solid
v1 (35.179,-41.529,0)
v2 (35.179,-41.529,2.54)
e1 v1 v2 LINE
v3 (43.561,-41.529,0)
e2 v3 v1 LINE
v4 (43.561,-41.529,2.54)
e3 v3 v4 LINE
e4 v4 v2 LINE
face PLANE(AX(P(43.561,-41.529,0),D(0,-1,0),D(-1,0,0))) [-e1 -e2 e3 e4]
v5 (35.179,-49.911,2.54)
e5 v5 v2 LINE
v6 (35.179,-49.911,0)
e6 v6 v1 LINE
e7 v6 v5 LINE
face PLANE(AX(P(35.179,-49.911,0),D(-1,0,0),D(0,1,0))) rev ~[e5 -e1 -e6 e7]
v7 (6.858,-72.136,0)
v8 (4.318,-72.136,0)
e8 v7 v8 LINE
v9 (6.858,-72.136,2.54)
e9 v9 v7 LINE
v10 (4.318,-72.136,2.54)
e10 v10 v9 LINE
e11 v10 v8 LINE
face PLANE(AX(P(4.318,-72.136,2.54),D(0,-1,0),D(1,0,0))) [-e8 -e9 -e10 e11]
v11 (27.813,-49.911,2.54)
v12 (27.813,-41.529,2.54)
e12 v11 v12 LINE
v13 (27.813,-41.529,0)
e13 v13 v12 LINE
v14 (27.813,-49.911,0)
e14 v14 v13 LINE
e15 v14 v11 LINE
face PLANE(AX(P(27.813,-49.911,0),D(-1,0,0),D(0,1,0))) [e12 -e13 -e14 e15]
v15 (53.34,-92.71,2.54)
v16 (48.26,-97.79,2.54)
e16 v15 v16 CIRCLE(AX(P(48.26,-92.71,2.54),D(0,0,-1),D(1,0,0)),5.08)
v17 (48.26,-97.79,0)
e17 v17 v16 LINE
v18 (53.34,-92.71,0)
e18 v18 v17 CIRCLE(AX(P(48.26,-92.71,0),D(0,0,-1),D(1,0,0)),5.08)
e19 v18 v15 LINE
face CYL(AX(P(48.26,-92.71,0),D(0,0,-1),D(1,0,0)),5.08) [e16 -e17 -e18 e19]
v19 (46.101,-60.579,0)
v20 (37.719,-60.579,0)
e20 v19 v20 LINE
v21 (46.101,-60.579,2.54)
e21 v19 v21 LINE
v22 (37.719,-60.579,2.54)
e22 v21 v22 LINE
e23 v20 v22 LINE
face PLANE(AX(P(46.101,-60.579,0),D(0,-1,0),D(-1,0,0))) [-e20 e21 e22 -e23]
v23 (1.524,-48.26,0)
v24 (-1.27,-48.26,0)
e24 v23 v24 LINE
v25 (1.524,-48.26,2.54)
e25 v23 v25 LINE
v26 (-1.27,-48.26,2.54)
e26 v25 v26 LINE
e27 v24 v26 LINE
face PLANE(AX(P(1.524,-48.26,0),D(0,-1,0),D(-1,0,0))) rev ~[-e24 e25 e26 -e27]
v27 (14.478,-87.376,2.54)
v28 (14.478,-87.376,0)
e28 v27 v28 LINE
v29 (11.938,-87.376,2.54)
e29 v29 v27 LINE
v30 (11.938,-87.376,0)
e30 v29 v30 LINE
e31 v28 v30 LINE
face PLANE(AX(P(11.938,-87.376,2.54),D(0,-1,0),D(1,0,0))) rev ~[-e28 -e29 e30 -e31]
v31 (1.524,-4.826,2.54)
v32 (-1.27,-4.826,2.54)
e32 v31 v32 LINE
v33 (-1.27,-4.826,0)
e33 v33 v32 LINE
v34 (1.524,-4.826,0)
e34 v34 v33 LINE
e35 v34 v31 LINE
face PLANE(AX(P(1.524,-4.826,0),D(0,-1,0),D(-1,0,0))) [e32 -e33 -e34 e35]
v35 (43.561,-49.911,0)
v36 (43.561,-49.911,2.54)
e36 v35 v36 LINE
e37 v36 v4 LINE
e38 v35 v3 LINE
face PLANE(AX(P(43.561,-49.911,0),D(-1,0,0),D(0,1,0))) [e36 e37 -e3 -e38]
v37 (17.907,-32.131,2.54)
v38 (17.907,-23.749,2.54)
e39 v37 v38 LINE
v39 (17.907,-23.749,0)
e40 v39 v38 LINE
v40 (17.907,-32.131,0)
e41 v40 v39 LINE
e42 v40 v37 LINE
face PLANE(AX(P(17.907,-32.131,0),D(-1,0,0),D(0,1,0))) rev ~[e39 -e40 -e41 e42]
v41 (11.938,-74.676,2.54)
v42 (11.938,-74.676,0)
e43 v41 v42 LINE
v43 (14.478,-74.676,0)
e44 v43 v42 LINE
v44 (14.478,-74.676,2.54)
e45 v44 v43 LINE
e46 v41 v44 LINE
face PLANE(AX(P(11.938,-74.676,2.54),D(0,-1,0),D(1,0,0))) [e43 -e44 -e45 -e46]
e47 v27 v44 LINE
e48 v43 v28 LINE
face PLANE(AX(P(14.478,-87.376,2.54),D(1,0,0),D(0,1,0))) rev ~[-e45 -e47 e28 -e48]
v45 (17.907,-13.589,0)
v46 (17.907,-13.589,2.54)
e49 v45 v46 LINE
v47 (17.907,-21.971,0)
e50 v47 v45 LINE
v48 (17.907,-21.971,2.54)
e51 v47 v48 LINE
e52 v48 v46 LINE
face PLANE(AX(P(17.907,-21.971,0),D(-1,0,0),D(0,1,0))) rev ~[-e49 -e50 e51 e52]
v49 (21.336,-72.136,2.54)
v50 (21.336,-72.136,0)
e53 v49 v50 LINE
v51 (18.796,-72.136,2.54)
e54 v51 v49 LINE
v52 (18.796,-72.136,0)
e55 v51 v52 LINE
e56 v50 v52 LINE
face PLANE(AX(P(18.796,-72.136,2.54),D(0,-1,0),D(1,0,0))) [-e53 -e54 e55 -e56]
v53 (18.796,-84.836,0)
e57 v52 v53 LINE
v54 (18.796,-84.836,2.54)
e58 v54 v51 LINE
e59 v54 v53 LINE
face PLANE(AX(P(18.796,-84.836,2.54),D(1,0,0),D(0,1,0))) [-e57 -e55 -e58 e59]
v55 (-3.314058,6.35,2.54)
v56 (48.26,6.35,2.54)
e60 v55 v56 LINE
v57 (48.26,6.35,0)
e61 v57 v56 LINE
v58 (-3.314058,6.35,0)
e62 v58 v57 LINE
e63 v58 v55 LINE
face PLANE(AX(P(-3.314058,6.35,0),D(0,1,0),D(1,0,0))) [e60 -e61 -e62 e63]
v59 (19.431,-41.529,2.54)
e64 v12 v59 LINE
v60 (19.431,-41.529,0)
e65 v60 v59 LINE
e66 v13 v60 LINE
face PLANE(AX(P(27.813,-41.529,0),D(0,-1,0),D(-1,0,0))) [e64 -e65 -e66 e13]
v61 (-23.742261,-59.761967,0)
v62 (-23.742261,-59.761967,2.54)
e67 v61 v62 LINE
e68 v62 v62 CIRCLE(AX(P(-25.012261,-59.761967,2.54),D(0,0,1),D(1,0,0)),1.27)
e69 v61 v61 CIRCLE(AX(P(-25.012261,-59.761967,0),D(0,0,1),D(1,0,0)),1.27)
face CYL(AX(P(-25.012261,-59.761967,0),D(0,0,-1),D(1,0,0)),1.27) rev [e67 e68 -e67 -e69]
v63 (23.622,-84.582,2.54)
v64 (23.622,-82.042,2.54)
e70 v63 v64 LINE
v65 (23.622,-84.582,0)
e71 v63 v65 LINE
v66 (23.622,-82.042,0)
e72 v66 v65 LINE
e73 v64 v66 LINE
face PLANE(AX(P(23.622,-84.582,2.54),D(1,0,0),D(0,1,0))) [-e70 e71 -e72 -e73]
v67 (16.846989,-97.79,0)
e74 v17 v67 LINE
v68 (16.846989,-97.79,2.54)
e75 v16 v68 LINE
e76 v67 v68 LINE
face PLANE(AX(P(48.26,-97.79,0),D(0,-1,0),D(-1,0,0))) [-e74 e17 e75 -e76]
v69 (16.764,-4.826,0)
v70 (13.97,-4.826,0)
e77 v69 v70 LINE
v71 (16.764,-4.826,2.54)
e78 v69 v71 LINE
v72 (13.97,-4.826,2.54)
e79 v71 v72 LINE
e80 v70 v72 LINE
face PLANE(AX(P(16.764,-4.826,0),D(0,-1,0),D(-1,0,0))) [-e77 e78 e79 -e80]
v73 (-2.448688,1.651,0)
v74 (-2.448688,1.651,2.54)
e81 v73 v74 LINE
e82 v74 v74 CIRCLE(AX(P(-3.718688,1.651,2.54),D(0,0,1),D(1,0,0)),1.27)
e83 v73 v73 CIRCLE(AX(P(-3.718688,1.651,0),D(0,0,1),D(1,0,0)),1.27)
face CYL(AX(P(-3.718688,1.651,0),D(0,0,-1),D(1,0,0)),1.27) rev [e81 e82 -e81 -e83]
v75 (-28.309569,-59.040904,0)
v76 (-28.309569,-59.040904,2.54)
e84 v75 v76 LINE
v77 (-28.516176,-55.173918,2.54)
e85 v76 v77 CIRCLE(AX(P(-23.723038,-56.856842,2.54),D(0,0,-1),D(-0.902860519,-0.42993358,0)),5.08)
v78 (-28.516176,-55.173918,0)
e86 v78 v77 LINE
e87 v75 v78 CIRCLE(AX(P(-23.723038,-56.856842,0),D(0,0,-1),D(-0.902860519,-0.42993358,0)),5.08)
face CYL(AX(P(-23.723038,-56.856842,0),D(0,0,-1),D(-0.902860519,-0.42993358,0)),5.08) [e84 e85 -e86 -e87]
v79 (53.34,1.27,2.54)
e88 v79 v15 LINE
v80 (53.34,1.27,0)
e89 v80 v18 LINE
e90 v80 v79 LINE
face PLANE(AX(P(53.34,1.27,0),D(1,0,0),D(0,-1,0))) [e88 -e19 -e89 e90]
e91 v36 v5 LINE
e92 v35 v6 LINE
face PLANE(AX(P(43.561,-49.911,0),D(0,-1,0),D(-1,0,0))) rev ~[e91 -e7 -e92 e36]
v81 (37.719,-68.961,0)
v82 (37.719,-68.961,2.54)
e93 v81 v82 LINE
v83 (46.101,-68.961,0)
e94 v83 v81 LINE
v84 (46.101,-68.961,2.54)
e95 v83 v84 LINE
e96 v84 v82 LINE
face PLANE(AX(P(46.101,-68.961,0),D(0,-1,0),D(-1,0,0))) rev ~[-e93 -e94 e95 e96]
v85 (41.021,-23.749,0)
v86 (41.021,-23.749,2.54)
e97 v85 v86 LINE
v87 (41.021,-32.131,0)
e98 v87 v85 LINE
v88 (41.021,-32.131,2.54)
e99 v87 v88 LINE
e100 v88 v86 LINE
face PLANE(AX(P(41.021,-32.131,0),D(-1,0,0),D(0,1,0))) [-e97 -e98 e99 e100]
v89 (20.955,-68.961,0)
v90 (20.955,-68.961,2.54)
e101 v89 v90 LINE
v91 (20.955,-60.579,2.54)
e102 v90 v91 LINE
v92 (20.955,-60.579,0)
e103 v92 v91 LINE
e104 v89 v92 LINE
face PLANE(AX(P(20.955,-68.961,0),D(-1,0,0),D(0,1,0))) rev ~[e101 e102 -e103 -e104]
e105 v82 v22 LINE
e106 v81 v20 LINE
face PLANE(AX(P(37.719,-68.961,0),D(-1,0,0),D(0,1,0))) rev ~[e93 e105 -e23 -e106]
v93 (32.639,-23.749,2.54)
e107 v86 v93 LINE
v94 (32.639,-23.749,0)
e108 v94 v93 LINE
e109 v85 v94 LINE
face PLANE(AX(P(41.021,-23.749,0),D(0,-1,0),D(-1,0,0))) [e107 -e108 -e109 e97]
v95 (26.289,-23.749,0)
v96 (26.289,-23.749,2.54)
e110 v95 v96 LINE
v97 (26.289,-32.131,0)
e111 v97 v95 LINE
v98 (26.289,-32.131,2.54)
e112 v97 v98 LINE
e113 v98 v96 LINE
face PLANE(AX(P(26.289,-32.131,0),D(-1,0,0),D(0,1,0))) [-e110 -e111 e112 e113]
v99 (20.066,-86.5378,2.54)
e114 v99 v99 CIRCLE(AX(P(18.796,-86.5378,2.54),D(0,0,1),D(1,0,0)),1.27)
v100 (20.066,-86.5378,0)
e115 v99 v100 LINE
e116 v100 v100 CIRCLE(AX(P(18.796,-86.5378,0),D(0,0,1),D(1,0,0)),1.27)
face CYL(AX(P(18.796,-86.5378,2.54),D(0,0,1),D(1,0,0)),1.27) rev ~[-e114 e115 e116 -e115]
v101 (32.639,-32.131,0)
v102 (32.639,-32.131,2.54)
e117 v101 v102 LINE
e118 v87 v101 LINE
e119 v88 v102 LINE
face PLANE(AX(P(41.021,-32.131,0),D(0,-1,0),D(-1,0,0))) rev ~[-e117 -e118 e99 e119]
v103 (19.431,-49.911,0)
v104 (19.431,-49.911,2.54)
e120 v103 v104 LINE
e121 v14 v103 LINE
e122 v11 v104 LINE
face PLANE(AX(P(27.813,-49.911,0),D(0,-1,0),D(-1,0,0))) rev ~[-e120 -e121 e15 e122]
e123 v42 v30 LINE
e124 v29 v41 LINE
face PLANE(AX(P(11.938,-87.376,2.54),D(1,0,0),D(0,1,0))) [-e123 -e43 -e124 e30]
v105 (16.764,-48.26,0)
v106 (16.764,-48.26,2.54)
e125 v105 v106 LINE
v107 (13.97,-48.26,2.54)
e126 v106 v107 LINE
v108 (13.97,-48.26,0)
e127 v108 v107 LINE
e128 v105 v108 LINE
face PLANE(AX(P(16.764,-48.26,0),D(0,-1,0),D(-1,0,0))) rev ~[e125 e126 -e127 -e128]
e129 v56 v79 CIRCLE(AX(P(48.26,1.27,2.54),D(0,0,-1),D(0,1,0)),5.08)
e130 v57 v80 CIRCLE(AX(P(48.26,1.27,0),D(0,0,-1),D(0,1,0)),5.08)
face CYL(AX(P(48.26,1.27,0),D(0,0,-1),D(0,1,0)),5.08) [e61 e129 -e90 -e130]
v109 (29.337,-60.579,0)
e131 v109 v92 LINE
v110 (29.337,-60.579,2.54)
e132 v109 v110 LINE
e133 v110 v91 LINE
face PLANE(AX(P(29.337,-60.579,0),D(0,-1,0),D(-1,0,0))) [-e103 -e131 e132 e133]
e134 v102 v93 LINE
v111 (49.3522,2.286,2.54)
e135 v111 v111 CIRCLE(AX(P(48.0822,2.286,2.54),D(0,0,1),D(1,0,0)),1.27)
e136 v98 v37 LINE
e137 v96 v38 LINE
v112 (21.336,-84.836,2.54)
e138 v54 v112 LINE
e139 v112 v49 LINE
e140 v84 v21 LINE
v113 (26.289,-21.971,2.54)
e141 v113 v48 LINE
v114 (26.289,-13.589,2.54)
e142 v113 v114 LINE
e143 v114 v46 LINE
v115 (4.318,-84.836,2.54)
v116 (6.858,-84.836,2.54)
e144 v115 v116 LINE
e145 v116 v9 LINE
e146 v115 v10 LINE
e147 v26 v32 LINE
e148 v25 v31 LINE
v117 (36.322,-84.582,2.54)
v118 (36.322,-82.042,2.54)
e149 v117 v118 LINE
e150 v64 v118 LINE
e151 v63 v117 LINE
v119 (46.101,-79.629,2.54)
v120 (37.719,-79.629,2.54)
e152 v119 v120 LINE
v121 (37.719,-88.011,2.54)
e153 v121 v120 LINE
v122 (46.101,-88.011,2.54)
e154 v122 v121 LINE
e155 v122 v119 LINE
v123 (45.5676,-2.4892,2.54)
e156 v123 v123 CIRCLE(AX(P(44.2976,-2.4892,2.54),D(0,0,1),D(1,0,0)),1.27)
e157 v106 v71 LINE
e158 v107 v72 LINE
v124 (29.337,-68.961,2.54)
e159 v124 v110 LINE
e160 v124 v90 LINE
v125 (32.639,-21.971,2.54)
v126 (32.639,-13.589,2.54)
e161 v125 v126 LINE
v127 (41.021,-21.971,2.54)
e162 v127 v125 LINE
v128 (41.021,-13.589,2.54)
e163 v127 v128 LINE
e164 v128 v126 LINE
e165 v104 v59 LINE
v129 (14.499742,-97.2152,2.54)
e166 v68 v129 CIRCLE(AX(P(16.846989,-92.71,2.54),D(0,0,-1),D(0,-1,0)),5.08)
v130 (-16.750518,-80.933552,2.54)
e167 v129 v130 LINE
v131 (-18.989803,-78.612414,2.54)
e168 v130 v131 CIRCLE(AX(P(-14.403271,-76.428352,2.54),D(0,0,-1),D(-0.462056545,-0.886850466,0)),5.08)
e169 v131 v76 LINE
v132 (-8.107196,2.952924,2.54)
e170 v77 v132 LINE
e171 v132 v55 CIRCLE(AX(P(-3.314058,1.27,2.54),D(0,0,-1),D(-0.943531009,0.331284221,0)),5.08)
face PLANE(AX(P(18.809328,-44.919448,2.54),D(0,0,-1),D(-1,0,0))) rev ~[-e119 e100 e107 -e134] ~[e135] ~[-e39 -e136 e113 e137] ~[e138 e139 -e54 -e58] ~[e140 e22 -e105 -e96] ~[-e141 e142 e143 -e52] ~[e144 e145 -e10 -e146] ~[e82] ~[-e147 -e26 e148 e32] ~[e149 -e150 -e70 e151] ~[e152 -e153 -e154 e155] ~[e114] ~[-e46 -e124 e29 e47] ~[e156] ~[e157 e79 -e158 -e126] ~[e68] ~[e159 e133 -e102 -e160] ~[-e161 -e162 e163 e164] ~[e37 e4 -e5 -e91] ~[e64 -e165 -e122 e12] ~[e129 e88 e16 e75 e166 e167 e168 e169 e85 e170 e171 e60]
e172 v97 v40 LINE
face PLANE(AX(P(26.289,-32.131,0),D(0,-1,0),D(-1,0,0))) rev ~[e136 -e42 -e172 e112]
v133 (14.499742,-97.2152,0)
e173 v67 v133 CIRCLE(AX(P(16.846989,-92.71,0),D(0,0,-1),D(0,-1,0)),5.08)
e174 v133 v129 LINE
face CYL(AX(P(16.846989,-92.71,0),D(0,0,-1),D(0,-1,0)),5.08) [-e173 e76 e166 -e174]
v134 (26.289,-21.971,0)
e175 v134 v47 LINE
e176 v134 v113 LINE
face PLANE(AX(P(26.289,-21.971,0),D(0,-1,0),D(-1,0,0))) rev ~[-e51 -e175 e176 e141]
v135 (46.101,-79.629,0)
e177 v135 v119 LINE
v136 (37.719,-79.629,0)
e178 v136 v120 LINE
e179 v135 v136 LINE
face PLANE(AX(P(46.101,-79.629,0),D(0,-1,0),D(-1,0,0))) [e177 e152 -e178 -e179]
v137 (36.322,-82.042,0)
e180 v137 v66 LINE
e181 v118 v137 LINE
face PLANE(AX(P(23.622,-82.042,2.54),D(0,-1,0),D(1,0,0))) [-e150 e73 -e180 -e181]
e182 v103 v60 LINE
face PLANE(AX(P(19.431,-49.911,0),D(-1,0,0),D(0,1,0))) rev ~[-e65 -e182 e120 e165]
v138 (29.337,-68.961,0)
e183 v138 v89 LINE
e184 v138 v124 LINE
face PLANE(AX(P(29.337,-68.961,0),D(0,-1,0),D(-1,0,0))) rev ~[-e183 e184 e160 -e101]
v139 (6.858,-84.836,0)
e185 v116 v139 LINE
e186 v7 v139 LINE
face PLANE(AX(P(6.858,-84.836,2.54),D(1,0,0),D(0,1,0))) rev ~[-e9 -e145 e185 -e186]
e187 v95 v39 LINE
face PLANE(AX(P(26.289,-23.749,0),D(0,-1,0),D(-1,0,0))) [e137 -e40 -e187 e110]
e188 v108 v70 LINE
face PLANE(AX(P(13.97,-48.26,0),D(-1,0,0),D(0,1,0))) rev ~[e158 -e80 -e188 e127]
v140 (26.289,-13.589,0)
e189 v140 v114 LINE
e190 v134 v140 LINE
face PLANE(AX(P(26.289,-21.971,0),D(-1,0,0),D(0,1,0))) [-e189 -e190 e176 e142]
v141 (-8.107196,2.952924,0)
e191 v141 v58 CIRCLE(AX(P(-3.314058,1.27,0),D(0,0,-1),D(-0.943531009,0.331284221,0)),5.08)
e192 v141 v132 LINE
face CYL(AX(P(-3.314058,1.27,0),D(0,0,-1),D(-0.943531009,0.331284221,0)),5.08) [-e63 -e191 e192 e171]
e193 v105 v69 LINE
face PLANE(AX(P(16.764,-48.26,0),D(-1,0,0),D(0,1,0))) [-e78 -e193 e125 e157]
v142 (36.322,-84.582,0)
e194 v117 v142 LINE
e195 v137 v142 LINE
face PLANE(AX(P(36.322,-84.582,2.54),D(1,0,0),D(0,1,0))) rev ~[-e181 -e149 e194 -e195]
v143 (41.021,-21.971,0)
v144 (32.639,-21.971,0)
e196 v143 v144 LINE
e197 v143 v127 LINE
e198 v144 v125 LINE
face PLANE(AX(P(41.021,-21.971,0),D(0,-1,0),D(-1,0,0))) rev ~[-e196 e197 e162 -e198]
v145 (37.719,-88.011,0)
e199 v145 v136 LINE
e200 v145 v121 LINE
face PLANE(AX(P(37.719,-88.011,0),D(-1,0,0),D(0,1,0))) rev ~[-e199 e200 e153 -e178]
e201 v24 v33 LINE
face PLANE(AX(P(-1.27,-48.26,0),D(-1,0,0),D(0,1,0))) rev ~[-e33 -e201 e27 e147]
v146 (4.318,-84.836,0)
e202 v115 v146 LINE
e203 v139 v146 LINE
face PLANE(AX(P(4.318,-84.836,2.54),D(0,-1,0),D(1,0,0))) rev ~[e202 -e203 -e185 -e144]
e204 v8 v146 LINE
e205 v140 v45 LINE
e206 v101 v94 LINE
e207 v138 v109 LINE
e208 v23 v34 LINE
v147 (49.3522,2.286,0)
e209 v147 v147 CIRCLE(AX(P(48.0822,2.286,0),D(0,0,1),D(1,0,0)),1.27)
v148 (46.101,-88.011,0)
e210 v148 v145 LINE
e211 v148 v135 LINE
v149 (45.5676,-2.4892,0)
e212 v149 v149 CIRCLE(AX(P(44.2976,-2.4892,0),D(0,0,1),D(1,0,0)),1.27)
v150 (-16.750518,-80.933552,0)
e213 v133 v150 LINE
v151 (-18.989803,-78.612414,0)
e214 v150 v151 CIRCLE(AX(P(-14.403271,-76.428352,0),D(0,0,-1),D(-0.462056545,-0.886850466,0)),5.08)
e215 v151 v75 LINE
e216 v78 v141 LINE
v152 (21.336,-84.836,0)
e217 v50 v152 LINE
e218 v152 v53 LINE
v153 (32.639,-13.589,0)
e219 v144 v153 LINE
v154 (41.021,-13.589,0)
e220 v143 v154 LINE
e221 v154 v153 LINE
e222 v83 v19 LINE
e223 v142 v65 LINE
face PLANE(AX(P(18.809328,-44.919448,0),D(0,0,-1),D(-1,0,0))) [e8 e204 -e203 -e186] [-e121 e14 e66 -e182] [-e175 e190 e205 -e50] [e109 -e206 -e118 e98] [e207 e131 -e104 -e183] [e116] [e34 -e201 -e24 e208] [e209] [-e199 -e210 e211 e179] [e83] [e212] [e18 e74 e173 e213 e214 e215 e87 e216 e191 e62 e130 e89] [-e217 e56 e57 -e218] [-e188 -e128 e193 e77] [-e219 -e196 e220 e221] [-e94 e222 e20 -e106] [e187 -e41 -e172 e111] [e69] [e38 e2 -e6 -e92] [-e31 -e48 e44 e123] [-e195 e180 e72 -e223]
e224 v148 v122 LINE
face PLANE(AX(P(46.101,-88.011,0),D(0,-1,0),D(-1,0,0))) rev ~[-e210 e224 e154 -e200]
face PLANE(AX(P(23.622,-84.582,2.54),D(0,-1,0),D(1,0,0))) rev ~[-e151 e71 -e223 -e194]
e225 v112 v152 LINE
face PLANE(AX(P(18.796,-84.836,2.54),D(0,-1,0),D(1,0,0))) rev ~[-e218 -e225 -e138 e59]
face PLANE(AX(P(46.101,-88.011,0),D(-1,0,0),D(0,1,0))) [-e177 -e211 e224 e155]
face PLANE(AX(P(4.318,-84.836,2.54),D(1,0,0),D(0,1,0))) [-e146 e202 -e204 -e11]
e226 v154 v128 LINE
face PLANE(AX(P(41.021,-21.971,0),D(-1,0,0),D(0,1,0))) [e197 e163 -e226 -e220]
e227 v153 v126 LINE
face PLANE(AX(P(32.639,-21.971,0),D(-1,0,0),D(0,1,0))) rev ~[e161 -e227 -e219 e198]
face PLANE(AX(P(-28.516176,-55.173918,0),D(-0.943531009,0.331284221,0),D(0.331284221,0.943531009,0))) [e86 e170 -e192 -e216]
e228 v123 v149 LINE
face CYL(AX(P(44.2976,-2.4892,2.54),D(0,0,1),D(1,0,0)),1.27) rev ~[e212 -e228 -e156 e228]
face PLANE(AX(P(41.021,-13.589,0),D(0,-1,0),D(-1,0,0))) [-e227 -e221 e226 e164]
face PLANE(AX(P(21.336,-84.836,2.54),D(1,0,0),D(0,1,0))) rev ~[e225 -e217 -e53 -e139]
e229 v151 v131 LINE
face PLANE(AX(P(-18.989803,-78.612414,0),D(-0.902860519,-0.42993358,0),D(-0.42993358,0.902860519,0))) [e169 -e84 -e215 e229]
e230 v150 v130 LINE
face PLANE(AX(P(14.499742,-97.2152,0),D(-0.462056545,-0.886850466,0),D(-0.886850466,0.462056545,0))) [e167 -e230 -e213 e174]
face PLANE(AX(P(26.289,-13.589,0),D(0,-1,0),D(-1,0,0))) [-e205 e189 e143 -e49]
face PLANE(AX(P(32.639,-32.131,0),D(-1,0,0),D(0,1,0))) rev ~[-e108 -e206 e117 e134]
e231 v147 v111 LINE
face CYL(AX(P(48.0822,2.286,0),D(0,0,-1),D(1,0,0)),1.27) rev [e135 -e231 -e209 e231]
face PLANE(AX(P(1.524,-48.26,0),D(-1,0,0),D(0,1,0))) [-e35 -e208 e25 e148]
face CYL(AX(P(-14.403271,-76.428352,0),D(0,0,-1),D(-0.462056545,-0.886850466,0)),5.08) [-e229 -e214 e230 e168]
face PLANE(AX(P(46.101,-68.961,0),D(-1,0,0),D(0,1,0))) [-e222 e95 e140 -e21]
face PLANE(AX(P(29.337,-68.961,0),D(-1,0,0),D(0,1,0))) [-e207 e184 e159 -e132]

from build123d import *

# Parameters (mm, degrees)
SKETCH1_R           = 1.27
BOSS_EXTRUDE1_DEPTH = 2.54
SKETCH5_W           = 8.382
SKETCH5_H           = 8.382
SKETCH5_W_2         = 2.794
SKETCH5_H_2         = 43.434
CUT_EXTRUDE1_DEPTH  = 3.54
SKETCH7_R           = 1.27
CUT_EXTRUDE3_DEPTH  = 3.54
SKETCH8_W           = 12.7
SKETCH8_H           = 2.54
SKETCH8_W_2         = 2.54
SKETCH8_H_2         = 12.7
CUT_EXTRUDE4_DEPTH  = 3.54


with BuildPart() as part:
    # Sketch1 → Boss-Extrude1 (new body)
    with BuildSketch(Plane.XY):
        with BuildLine():
            Line((-3.314058103, 6.35), (48.26, 6.35))
            ThreePointArc((48.26, 6.35), (51.852102448, 4.862102448), (53.34, 1.27))
            Line((53.34, 1.27), (53.34, -92.71))
            ThreePointArc((53.34, -92.71), (51.852102448, -96.302102448), (48.26, -97.79))
            Line((48.26, -97.79), (16.846989059, -97.79))
            ThreePointArc((16.846989059, -97.79), (15.638688158, -97.644208035), (14.499741809, -97.215200367))
            Line((14.499741809, -97.215200367), (-16.7505185, -80.933552139))
            ThreePointArc((-16.7505185, -80.933552139), (-18.059258376, -79.955412607), (-18.989802686, -78.61241436))
            Line((-18.989802686, -78.61241436), (-28.309569459, -59.040904135))
            ThreePointArc((-28.309569459, -59.040904135), (-28.795802898, -57.127870198), (-28.51617555, -55.173917704))
            Line((-28.51617555, -55.173917704), (-8.107195629, 2.952923842))
            ThreePointArc((-8.107195629, 2.952923842), (-6.251501454, 5.414614163), (-3.314058103, 6.35))
        make_face()
        with Locations((48.0822, 2.286)):
            Circle(SKETCH1_R, mode=Mode.SUBTRACT)
        with Locations((-3.718687848, 1.651)):
            Circle(SKETCH1_R, mode=Mode.SUBTRACT)
        with Locations((-25.012261453, -59.761967182)):
            Circle(SKETCH1_R, mode=Mode.SUBTRACT)
    extrude(amount=BOSS_EXTRUDE1_DEPTH)

    # Sketch5 → Cut-Extrude1 (cut, through all)
    with BuildSketch(Plane(origin=(0, 0, 0), x_dir=(-1, 0, 0), z_dir=(0, 0, -1))):
        with Locations((-36.83, -17.78)):
            Rectangle(SKETCH5_W, SKETCH5_H)
        with Locations((-39.37, -45.72)):
            Rectangle(SKETCH5_W, SKETCH5_H)
        with Locations((-36.83, -27.94)):
            Rectangle(SKETCH5_W, SKETCH5_H)
        with Locations((-41.91, -64.77)):
            Rectangle(SKETCH5_W, SKETCH5_H)
        with Locations((-41.91, -83.82)):
            Rectangle(SKETCH5_W, SKETCH5_H)
        with Locations((-22.098, -17.78)):
            Rectangle(SKETCH5_W, SKETCH5_H)
        with Locations((-22.098, -27.94)):
            Rectangle(SKETCH5_W, SKETCH5_H)
        with Locations((-23.622, -45.72)):
            Rectangle(SKETCH5_W, SKETCH5_H)
        with Locations((-25.146, -64.77)):
            Rectangle(SKETCH5_W, SKETCH5_H)
        with Locations((-15.367, -26.543)):
            Rectangle(SKETCH5_W_2, SKETCH5_H_2)
        with Locations((-0.127, -26.543)):
            Rectangle(SKETCH5_W_2, SKETCH5_H_2)
    extrude(amount=-CUT_EXTRUDE1_DEPTH, mode=Mode.SUBTRACT)

    # Sketch7 → Cut-Extrude3 (cut, through all)
    with BuildSketch(Plane.XY.offset(2.54)):
        with Locations((44.2976, -2.4892)):
            Circle(SKETCH7_R)
        with Locations((18.796, -86.5378)):
            Circle(SKETCH7_R)
    extrude(amount=-CUT_EXTRUDE3_DEPTH, mode=Mode.SUBTRACT)

    # Sketch8 → Cut-Extrude4 (cut, through all)
    with BuildSketch(Plane.XY.offset(2.54)):
        with Locations((29.972, -83.312)):
            Rectangle(SKETCH8_W, SKETCH8_H)
        with Locations((20.066, -78.486)):
            Rectangle(SKETCH8_W_2, SKETCH8_H_2)
        with Locations((13.208, -81.026)):
            Rectangle(SKETCH8_W_2, SKETCH8_H_2)
        with Locations((5.588, -78.486)):
            Rectangle(SKETCH8_W_2, SKETCH8_H_2)
    extrude(amount=-CUT_EXTRUDE4_DEPTH, mode=Mode.SUBTRACT)


solid = part.part
